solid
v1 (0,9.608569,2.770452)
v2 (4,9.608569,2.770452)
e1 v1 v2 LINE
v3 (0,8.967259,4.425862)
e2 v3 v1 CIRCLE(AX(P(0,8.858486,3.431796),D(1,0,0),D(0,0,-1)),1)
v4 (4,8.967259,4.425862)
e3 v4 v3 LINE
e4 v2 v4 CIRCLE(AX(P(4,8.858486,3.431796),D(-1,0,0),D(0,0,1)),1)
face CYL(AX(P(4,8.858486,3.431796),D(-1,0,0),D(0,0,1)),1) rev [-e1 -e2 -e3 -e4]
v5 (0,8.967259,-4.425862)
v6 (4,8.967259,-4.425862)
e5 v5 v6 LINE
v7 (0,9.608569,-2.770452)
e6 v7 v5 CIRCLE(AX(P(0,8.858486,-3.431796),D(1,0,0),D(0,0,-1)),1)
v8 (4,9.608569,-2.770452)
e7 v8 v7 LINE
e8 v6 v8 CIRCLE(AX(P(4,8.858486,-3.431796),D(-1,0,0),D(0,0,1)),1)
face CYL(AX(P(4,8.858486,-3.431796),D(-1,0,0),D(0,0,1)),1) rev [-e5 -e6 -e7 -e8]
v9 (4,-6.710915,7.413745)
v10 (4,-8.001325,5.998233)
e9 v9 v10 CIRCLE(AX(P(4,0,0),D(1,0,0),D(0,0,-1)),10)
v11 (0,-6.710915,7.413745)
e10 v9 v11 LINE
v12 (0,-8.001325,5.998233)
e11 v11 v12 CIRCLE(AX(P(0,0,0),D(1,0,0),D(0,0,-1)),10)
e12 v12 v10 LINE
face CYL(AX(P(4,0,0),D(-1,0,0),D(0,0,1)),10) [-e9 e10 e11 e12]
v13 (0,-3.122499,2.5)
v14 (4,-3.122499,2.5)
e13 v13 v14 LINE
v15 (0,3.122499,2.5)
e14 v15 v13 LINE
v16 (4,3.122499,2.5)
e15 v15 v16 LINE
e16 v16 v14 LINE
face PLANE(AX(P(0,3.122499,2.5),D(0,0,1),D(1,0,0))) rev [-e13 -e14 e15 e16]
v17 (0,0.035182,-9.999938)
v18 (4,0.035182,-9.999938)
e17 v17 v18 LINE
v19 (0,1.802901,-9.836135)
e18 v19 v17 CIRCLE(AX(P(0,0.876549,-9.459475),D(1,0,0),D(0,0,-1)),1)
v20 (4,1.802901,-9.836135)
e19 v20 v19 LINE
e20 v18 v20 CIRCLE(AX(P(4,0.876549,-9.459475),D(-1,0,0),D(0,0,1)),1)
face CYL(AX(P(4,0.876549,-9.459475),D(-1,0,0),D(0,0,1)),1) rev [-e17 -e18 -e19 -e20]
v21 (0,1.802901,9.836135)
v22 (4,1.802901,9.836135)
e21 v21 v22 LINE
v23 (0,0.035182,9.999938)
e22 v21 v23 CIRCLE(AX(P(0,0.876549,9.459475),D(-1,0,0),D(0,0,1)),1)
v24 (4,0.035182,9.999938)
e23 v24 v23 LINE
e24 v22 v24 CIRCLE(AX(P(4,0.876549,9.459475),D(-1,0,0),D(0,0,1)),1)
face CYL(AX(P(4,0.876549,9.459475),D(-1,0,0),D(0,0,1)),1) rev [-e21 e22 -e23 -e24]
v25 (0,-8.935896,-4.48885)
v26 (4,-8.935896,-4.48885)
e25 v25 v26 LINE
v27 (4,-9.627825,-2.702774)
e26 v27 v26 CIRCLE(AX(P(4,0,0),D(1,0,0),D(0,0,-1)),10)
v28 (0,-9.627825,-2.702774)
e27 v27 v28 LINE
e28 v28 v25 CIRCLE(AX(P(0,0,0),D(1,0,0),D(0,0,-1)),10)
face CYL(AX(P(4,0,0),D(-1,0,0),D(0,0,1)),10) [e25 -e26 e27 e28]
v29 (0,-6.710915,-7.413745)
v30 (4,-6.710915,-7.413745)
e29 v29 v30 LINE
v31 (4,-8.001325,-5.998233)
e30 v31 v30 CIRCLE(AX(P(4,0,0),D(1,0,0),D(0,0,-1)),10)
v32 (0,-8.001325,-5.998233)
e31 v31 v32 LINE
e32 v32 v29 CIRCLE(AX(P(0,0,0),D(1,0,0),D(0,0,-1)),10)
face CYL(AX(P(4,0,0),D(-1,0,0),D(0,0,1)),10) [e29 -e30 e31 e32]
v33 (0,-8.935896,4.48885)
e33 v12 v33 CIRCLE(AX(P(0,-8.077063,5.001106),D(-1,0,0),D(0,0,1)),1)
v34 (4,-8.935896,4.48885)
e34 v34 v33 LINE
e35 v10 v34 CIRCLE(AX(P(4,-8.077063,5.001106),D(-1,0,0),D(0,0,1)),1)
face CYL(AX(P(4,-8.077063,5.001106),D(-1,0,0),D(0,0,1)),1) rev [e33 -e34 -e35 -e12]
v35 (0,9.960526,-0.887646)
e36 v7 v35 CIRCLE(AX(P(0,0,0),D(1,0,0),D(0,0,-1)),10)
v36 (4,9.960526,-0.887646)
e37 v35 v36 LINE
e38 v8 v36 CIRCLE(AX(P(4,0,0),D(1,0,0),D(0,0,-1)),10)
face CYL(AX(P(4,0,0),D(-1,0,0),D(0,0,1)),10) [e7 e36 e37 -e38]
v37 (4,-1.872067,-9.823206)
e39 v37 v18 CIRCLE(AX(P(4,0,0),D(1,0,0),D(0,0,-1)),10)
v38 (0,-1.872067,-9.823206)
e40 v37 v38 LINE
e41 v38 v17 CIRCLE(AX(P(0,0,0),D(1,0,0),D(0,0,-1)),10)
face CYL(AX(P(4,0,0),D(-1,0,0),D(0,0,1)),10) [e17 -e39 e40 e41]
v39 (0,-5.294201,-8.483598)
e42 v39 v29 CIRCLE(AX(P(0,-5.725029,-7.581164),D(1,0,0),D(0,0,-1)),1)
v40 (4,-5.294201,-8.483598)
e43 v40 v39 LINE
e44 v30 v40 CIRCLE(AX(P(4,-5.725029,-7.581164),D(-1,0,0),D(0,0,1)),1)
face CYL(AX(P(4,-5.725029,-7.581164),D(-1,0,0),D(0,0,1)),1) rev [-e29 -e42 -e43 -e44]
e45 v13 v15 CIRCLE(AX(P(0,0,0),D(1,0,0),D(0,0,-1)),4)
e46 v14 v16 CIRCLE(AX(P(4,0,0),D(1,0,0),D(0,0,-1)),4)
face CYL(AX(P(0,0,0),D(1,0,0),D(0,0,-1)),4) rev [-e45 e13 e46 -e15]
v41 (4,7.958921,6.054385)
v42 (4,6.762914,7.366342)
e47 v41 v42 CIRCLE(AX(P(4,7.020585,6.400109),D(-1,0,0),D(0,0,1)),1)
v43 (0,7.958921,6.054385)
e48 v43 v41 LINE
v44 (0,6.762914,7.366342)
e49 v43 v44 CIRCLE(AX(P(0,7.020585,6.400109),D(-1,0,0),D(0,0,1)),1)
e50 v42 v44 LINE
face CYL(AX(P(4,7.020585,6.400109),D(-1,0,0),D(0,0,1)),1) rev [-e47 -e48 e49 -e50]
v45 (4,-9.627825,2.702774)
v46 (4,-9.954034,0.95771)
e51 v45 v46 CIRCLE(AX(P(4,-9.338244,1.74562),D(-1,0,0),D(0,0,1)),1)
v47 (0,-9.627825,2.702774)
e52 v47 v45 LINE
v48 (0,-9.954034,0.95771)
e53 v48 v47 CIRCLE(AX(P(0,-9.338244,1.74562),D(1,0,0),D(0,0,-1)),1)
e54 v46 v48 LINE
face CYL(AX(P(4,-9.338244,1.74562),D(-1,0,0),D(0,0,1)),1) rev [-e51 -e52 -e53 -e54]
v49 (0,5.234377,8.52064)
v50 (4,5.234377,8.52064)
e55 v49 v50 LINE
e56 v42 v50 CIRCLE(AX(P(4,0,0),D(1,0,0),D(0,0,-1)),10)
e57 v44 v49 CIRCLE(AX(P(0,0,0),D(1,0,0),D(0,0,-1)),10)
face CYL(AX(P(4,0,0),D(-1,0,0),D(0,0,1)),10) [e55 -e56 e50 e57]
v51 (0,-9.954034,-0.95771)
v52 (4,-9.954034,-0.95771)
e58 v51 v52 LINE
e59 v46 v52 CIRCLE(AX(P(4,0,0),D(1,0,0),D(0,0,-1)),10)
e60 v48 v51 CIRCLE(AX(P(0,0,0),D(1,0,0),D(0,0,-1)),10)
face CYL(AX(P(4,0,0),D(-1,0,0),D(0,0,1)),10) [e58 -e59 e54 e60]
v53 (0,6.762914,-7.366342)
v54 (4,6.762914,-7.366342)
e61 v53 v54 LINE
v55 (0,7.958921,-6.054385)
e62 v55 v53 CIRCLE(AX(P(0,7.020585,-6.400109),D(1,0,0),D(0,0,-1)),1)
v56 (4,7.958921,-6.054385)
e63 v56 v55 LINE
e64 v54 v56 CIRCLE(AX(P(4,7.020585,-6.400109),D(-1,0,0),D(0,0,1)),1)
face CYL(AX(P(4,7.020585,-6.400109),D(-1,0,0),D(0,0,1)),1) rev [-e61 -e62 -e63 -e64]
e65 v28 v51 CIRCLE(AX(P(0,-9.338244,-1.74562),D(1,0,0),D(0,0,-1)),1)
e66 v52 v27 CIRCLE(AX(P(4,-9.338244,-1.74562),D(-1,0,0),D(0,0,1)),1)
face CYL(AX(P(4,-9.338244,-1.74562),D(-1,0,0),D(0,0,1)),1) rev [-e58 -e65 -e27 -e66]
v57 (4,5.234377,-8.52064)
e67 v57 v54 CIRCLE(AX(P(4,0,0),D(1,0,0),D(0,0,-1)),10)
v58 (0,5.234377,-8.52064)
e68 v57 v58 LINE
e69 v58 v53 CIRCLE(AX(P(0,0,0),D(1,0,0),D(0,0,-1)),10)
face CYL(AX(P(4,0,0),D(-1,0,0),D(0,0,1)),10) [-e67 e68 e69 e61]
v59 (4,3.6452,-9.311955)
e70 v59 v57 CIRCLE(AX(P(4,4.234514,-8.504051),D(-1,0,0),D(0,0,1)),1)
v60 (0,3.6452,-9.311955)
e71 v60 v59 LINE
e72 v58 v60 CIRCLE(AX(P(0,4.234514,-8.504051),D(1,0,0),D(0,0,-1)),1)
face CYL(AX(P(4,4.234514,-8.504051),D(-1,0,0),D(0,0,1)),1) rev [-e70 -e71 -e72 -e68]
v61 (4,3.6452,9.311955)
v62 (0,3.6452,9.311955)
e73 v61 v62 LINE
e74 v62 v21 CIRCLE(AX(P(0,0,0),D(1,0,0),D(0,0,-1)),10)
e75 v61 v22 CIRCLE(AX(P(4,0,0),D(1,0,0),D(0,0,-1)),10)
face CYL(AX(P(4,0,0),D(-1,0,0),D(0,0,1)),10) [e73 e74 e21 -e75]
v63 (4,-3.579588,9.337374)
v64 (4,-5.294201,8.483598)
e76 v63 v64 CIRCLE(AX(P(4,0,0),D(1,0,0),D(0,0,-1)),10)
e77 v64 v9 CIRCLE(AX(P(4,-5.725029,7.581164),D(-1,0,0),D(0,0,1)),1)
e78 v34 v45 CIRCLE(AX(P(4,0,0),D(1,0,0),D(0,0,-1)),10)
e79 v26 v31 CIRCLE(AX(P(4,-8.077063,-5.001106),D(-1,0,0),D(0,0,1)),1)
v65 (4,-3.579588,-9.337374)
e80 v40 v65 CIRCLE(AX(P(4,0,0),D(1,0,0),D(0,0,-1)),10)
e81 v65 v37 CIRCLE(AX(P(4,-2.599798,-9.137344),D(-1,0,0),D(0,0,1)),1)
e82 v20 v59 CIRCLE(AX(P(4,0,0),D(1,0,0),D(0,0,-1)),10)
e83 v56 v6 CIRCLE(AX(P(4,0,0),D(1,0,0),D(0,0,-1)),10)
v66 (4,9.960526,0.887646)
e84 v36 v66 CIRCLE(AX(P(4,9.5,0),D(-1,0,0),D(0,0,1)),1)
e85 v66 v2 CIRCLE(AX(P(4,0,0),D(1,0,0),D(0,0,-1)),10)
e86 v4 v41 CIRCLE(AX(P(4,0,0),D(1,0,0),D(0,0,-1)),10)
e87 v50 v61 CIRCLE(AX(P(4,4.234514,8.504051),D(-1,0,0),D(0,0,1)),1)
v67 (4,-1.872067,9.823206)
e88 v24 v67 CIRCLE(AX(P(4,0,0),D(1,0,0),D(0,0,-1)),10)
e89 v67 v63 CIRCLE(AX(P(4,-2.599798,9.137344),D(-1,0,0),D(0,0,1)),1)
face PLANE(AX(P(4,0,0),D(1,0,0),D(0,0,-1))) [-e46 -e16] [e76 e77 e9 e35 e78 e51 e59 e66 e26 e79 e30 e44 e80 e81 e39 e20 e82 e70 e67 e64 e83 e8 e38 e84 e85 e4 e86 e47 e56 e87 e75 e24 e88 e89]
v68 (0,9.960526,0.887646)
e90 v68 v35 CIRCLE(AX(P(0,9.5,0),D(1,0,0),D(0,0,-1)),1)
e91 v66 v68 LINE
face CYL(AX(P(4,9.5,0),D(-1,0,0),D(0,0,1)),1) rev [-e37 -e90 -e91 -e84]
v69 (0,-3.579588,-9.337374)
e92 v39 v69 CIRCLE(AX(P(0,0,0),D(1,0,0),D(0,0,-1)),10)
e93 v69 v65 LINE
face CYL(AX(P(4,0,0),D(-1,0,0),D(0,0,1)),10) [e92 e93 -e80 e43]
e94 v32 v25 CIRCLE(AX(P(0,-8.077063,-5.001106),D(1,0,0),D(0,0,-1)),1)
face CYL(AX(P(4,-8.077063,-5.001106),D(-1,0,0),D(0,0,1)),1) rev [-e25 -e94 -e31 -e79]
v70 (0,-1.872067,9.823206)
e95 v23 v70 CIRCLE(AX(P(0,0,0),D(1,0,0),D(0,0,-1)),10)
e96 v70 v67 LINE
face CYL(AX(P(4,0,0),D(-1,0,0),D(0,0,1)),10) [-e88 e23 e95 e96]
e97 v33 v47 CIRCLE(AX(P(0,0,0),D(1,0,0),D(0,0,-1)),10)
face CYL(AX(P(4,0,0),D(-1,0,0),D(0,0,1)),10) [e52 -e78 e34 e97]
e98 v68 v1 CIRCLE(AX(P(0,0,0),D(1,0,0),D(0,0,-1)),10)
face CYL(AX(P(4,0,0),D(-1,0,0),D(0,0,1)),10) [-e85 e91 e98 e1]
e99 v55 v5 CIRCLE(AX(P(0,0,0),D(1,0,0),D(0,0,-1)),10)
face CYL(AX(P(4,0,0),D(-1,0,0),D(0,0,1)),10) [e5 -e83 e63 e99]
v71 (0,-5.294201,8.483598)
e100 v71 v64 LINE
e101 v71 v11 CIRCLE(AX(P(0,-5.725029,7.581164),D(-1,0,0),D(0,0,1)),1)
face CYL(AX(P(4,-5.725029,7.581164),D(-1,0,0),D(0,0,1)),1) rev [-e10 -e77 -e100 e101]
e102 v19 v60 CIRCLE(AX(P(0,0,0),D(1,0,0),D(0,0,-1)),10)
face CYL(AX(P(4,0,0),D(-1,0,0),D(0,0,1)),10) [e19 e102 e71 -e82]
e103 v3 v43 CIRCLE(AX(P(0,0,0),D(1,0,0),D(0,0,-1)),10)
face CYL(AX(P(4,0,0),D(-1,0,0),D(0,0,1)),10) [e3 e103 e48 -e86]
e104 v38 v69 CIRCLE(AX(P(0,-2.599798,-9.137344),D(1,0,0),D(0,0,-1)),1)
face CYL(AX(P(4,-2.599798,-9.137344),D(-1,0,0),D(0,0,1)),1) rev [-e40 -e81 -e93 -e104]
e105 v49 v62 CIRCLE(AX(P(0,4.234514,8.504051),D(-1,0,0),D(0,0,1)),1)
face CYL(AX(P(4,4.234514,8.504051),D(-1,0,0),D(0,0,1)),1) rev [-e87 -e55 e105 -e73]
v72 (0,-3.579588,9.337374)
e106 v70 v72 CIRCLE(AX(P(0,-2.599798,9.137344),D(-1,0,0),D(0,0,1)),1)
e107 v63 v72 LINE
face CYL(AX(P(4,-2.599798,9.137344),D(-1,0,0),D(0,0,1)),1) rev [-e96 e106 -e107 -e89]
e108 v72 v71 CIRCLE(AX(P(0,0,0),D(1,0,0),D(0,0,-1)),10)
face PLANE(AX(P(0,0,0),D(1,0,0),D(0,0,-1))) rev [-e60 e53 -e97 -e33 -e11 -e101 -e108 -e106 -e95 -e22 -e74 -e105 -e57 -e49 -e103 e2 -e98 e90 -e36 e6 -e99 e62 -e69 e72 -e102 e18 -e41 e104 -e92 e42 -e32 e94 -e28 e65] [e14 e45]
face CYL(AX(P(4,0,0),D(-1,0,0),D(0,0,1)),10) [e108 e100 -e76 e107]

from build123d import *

# Parameters (mm, degrees)
SKETCH_1_R          = 10
EXTRUDE_2_DEPTH     = 4
SKETCH_2_R          = 1
CUT_EXTRUDE_1_DEPTH = 4
CUT_EXTRUDE_2_DEPTH = 4


with BuildPart() as part:
    # Эскиз1 → Бобышка-Вытянуть2 (new body)
    with BuildSketch(Plane(origin=(0, 0, 0), x_dir=(0, 0, -1), z_dir=(1, 0, 0))):
        Circle(SKETCH_1_R)
    extrude(amount=EXTRUDE_2_DEPTH)

    # Эскиз2 → Вырез-Вытянуть1 (cut)
    with BuildSketch(Plane.ZY):
        with Locations((0, 9.5)):
            Circle(SKETCH_2_R)
        with Locations((3.431795829, 8.858486179)):
            Circle(SKETCH_2_R)
        with Locations((6.400108615, 7.020584714)):
            Circle(SKETCH_2_R)
        with Locations((8.504051268, 4.23451438)):
            Circle(SKETCH_2_R)
        with Locations((9.459474675, 0.876549415)):
            Circle(SKETCH_2_R)
        with Locations((9.13734361, -2.599798406)):
            Circle(SKETCH_2_R)
        with Locations((7.581163659, -5.725029046)):
            Circle(SKETCH_2_R)
        with Locations((5.001105547, -8.077062789)):
            Circle(SKETCH_2_R)
        with Locations((1.745620419, -9.338244447)):
            Circle(SKETCH_2_R)
        with Locations((-1.745620419, -9.338244447)):
            Circle(SKETCH_2_R)
        with Locations((-5.001105547, -8.077062789)):
            Circle(SKETCH_2_R)
        with Locations((-7.581163659, -5.725029046)):
            Circle(SKETCH_2_R)
        with Locations((-9.13734361, -2.599798406)):
            Circle(SKETCH_2_R)
        with Locations((-9.459474675, 0.876549415)):
            Circle(SKETCH_2_R)
        with Locations((-8.504051268, 4.23451438)):
            Circle(SKETCH_2_R)
        with Locations((-6.400108615, 7.020584714)):
            Circle(SKETCH_2_R)
        with Locations((-3.431795829, 8.858486179)):
            Circle(SKETCH_2_R)
    extrude(amount=-CUT_EXTRUDE_1_DEPTH, mode=Mode.SUBTRACT)

    # Эскиз3 → Вырез-Вытянуть2 (cut)
    with BuildSketch(Plane(origin=(4, 0, 0), x_dir=(0, 0, -1), z_dir=(1, 0, 0))):
        with BuildLine():
            Line((-2.5, 3.122498999), (-2.5, -3.122498999))
            ThreePointArc((-2.5, -3.122498999), (4, 0), (-2.5, 3.122498999))
        make_face()
    extrude(amount=-CUT_EXTRUDE_2_DEPTH, mode=Mode.SUBTRACT)


solid = part.part
